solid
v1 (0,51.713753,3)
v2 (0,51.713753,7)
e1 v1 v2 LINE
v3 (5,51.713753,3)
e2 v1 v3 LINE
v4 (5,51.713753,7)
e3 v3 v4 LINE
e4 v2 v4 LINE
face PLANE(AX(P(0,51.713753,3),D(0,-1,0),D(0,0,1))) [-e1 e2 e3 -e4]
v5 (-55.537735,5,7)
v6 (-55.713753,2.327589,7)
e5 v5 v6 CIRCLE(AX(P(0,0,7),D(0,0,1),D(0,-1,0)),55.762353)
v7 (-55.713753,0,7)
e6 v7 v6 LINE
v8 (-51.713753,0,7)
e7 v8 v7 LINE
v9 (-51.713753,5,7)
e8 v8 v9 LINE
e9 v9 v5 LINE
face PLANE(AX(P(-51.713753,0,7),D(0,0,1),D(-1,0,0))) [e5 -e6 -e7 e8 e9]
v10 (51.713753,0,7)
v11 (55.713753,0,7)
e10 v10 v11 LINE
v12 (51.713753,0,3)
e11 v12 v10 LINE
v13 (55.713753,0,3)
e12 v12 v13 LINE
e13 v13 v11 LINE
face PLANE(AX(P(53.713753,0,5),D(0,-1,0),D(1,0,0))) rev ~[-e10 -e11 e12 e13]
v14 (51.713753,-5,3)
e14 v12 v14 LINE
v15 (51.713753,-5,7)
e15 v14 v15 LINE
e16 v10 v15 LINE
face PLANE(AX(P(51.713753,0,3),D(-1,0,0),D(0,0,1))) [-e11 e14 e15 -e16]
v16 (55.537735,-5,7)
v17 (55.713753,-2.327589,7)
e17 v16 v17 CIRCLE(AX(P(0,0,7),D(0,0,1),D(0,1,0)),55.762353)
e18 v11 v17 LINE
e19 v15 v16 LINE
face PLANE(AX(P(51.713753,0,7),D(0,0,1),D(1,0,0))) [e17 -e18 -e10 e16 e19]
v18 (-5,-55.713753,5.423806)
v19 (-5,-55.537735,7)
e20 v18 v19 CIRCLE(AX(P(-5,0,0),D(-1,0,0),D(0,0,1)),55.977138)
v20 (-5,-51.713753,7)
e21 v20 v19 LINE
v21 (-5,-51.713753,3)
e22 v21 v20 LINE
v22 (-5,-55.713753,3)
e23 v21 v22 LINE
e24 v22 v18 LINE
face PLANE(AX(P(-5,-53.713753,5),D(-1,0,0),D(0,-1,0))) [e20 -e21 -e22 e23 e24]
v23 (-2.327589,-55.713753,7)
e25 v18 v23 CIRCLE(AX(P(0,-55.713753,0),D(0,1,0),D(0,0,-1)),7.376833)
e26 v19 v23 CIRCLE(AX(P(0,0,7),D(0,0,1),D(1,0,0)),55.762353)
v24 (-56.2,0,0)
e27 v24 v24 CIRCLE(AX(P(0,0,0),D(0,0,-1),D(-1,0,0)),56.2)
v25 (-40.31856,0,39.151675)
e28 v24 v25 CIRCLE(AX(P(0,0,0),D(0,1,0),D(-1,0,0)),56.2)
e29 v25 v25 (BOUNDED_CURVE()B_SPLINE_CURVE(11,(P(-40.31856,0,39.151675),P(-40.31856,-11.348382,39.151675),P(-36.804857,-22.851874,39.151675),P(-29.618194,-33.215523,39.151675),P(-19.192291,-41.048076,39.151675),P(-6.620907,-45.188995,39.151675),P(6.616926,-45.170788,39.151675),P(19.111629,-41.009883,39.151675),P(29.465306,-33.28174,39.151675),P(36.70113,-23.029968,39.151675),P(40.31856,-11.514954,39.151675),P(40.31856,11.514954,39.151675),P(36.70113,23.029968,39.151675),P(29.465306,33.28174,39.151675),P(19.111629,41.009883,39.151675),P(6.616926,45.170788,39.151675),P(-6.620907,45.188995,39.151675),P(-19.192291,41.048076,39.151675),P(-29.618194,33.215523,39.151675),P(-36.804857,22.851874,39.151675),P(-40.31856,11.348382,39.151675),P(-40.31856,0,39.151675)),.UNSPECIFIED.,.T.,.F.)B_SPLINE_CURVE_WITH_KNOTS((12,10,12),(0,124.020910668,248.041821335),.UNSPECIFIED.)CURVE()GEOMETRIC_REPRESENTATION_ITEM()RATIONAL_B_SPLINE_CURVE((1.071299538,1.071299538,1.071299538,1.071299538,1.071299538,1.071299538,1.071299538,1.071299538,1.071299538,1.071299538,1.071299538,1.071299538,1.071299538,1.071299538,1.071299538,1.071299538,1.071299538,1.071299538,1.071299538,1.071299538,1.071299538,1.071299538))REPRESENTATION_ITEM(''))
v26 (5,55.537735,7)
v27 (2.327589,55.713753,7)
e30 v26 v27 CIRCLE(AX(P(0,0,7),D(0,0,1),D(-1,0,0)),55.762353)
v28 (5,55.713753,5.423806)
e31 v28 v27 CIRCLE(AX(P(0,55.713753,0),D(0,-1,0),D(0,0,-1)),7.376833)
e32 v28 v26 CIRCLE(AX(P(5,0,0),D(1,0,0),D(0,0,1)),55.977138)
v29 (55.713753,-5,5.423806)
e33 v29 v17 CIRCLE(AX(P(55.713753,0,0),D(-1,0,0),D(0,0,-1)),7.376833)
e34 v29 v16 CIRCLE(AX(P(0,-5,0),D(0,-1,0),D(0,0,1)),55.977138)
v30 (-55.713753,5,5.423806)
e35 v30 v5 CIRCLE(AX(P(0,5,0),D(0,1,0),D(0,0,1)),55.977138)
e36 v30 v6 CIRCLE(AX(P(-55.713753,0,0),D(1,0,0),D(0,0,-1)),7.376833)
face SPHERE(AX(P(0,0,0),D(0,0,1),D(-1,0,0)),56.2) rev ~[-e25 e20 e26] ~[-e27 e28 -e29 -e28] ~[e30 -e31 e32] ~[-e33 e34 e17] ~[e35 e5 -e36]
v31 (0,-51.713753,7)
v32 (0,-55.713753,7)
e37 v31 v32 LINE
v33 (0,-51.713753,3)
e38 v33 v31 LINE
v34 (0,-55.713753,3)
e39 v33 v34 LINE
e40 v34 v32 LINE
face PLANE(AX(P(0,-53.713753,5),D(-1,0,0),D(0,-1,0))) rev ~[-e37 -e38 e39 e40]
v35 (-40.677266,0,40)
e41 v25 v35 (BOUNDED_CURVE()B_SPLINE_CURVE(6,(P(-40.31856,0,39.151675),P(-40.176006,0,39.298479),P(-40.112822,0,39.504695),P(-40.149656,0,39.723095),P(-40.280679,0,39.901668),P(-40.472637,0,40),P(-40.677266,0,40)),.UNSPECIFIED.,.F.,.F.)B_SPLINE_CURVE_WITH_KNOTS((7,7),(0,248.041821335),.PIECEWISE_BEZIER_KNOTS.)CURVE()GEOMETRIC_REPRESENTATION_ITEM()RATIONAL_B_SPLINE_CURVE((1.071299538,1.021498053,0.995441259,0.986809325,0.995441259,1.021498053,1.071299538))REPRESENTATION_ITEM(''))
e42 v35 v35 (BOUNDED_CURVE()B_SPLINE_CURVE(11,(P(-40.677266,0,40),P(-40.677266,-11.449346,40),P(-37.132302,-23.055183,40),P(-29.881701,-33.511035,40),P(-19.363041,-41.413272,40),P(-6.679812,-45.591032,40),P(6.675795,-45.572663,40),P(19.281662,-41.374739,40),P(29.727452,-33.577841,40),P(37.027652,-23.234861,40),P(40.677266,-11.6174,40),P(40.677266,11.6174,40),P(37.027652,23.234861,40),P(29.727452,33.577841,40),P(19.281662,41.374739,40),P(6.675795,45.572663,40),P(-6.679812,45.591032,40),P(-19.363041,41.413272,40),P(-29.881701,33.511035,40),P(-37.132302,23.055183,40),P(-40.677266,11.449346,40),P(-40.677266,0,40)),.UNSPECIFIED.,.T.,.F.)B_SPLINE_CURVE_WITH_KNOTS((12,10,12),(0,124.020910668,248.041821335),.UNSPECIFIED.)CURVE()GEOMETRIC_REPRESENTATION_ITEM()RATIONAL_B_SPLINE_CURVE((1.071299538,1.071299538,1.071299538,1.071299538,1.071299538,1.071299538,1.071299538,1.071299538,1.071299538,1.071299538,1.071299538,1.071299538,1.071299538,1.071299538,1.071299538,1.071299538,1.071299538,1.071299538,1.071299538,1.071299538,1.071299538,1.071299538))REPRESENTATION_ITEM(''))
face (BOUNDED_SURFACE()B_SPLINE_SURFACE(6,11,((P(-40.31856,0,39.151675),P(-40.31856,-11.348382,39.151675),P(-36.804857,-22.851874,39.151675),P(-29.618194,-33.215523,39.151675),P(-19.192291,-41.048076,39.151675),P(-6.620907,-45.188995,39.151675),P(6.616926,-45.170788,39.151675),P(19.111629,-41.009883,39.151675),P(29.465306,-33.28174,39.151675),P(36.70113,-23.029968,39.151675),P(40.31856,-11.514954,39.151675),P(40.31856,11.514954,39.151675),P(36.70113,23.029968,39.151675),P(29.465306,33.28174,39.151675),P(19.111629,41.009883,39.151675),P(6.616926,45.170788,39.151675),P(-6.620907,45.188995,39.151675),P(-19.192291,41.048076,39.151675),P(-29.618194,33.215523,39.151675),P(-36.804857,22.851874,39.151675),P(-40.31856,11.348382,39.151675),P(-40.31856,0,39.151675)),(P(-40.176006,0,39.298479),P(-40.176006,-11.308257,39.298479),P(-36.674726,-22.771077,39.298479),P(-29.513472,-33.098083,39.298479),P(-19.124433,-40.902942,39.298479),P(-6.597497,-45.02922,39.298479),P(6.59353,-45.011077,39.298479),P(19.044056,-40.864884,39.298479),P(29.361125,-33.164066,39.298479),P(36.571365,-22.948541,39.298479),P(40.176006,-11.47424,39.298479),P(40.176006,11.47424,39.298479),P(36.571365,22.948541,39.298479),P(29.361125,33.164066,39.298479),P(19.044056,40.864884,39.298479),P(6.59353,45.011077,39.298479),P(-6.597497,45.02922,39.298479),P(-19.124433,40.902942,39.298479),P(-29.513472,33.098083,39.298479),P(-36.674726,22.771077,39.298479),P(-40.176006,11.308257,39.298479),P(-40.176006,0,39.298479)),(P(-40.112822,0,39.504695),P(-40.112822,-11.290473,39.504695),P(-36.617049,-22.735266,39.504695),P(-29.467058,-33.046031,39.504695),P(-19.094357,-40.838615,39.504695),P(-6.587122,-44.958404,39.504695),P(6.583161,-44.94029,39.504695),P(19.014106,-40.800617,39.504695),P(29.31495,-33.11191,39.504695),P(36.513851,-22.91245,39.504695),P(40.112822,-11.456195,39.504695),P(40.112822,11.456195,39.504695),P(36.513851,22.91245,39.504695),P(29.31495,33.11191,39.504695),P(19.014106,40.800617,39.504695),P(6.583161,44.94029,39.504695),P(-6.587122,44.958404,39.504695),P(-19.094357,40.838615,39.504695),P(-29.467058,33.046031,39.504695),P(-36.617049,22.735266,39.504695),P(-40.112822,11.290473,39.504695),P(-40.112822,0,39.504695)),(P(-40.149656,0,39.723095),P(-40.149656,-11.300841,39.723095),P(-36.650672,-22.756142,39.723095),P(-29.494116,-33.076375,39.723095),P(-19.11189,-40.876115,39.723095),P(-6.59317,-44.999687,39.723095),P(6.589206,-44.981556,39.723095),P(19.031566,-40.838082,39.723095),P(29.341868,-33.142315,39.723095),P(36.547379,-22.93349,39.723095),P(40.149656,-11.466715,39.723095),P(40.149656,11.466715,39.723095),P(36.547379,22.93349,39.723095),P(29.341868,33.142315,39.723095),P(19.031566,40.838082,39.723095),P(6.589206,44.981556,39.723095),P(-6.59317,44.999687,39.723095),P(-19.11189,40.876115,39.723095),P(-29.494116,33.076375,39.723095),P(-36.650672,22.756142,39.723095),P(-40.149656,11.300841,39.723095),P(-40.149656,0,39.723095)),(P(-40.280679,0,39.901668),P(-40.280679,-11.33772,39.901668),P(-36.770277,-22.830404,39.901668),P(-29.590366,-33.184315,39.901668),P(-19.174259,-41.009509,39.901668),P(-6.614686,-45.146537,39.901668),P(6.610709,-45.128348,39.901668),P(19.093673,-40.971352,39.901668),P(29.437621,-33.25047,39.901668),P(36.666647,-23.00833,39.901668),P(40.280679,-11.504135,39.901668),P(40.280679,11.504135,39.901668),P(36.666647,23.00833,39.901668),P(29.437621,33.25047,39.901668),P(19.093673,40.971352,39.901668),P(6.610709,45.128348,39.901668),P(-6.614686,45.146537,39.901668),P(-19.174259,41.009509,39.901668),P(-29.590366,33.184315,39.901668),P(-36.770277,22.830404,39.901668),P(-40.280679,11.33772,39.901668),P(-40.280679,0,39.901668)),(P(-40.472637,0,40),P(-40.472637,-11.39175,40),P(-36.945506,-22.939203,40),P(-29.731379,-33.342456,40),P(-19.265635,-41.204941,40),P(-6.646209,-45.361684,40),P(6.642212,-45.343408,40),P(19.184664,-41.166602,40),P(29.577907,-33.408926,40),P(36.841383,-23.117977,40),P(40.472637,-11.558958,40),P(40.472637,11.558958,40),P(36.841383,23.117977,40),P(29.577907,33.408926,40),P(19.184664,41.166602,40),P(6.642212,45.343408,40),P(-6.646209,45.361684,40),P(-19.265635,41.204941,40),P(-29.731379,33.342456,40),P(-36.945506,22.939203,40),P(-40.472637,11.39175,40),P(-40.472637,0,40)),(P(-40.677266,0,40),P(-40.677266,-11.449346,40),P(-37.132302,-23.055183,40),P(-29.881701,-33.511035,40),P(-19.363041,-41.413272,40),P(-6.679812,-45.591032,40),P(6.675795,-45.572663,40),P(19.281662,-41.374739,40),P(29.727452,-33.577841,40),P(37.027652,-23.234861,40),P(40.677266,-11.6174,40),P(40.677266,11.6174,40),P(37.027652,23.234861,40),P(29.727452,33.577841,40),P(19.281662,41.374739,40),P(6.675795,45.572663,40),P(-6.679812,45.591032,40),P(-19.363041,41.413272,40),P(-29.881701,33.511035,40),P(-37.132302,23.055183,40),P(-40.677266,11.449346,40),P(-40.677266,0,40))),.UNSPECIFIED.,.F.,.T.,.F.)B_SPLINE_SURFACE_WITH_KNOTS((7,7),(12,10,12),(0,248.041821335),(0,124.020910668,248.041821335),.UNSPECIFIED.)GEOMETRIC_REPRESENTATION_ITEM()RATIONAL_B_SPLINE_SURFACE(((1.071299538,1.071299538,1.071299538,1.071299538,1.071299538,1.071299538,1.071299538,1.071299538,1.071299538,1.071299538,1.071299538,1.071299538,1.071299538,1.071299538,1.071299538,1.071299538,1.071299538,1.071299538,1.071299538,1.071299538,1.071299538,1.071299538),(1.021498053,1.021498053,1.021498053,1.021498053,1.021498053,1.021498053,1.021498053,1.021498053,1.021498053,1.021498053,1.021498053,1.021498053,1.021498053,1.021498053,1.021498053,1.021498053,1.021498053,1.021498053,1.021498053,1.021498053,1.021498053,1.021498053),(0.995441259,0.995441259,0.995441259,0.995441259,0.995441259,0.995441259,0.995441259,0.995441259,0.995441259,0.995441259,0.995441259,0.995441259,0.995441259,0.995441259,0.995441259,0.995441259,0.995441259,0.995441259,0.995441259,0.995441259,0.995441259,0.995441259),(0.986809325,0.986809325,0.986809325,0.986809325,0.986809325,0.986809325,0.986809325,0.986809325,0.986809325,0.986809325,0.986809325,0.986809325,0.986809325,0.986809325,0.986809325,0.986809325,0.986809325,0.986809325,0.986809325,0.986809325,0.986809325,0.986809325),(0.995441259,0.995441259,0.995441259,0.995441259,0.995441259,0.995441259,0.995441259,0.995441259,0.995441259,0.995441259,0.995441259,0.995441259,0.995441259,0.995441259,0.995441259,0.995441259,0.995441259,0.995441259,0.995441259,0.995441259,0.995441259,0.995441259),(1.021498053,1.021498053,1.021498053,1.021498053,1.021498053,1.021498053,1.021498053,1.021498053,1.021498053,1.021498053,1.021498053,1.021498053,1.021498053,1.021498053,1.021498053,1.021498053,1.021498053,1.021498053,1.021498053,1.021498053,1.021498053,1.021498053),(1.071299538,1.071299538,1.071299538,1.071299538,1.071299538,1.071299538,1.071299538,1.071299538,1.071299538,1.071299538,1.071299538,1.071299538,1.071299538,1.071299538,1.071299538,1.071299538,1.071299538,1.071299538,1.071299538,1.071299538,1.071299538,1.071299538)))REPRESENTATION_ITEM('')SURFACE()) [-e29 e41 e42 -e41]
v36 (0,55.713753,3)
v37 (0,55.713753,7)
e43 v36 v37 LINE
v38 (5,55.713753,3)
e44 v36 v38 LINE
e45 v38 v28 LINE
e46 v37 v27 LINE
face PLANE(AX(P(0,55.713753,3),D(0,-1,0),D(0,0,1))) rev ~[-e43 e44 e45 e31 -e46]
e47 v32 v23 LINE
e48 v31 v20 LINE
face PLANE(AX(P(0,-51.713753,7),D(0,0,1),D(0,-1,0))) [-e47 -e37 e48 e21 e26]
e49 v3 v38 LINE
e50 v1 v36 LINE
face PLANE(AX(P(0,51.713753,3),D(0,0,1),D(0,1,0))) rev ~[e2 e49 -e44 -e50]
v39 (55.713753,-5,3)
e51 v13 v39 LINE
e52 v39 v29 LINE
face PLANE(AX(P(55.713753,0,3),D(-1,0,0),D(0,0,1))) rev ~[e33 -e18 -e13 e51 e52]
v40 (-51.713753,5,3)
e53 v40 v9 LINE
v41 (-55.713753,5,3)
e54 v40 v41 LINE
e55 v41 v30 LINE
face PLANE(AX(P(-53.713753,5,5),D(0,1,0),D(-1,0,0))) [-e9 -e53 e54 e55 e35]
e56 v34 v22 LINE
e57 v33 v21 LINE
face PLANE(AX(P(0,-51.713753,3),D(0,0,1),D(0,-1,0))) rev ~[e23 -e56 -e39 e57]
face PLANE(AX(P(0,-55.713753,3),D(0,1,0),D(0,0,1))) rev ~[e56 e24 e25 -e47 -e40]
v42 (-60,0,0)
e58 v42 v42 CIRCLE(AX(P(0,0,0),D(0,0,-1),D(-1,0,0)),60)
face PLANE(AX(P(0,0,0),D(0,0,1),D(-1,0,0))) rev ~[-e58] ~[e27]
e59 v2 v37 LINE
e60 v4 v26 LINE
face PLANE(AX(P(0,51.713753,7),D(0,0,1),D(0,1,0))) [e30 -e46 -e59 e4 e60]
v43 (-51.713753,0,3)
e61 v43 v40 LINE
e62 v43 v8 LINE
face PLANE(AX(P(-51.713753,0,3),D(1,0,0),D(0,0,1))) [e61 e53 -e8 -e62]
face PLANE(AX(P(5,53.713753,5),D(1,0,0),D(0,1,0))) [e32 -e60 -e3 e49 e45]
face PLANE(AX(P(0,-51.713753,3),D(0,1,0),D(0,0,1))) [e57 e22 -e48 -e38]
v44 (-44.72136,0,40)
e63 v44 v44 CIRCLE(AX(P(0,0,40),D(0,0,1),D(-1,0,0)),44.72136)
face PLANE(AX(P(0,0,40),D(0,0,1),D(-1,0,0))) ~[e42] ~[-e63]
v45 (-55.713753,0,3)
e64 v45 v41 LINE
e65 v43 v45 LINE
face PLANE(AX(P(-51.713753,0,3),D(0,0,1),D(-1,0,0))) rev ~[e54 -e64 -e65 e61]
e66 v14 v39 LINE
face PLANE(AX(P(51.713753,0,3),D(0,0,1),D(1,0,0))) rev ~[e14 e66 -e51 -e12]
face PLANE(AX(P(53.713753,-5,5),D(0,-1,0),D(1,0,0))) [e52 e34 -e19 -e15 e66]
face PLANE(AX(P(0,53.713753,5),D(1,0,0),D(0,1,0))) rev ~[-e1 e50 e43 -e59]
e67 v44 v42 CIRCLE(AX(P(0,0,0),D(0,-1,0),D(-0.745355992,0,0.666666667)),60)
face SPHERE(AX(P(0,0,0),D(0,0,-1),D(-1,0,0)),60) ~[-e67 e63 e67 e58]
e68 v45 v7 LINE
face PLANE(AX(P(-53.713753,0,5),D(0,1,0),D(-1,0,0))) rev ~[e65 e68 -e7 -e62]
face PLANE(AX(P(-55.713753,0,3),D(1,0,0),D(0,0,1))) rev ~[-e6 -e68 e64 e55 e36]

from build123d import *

# Parameters (mm, degrees)
F3_W     = 4
F3_H     = 4
F4_DEPTH = 5
F5_COUNT = 4
F6_R     = 0.5


with BuildPart() as f2:
    # F1 (on Front) → F2 (revolve)
    with BuildSketch(Plane.XZ):
        with BuildLine():
            Line((-39.477081959, 40), (-44.72135955, 40))
            ThreePointArc((-44.72135955, 40), (-56.0503415378, 21.4093253864), (-60, 0))
            Line((-60, 0), (-56.2, 0))
            ThreePointArc((-56.2, 0), (-51.8509980912, 21.6774997855), (-39.477081959, 40))
        make_face()
    revolve(axis=Axis((0, 0, 23.963239044), (0, 0, 1)))

    # F3 (on Right) → F4 (join)
    with BuildSketch(Plane.YZ):
        with Locations((53.7137534916, 5)):
            Rectangle(F3_W, F3_H)
    extrude(amount=F4_DEPTH)

    # F5: F2 ×4 about axis
    f5_axis = Axis((0, 0, 30), (0, 0, 1))


with BuildPart() as f2_1:
    add(f2.part)
    for i in range(1, F5_COUNT):
        add(f2.part.rotate(f5_axis, i * 360 / F5_COUNT))

    # F6
    f6_edges = [f2_1.edges().sort_by_distance(p)[0] for p in [
        (39.477082, 0, 40),
    ]]
    fillet(f6_edges, radius=F6_R)


solid = f2_1.part
